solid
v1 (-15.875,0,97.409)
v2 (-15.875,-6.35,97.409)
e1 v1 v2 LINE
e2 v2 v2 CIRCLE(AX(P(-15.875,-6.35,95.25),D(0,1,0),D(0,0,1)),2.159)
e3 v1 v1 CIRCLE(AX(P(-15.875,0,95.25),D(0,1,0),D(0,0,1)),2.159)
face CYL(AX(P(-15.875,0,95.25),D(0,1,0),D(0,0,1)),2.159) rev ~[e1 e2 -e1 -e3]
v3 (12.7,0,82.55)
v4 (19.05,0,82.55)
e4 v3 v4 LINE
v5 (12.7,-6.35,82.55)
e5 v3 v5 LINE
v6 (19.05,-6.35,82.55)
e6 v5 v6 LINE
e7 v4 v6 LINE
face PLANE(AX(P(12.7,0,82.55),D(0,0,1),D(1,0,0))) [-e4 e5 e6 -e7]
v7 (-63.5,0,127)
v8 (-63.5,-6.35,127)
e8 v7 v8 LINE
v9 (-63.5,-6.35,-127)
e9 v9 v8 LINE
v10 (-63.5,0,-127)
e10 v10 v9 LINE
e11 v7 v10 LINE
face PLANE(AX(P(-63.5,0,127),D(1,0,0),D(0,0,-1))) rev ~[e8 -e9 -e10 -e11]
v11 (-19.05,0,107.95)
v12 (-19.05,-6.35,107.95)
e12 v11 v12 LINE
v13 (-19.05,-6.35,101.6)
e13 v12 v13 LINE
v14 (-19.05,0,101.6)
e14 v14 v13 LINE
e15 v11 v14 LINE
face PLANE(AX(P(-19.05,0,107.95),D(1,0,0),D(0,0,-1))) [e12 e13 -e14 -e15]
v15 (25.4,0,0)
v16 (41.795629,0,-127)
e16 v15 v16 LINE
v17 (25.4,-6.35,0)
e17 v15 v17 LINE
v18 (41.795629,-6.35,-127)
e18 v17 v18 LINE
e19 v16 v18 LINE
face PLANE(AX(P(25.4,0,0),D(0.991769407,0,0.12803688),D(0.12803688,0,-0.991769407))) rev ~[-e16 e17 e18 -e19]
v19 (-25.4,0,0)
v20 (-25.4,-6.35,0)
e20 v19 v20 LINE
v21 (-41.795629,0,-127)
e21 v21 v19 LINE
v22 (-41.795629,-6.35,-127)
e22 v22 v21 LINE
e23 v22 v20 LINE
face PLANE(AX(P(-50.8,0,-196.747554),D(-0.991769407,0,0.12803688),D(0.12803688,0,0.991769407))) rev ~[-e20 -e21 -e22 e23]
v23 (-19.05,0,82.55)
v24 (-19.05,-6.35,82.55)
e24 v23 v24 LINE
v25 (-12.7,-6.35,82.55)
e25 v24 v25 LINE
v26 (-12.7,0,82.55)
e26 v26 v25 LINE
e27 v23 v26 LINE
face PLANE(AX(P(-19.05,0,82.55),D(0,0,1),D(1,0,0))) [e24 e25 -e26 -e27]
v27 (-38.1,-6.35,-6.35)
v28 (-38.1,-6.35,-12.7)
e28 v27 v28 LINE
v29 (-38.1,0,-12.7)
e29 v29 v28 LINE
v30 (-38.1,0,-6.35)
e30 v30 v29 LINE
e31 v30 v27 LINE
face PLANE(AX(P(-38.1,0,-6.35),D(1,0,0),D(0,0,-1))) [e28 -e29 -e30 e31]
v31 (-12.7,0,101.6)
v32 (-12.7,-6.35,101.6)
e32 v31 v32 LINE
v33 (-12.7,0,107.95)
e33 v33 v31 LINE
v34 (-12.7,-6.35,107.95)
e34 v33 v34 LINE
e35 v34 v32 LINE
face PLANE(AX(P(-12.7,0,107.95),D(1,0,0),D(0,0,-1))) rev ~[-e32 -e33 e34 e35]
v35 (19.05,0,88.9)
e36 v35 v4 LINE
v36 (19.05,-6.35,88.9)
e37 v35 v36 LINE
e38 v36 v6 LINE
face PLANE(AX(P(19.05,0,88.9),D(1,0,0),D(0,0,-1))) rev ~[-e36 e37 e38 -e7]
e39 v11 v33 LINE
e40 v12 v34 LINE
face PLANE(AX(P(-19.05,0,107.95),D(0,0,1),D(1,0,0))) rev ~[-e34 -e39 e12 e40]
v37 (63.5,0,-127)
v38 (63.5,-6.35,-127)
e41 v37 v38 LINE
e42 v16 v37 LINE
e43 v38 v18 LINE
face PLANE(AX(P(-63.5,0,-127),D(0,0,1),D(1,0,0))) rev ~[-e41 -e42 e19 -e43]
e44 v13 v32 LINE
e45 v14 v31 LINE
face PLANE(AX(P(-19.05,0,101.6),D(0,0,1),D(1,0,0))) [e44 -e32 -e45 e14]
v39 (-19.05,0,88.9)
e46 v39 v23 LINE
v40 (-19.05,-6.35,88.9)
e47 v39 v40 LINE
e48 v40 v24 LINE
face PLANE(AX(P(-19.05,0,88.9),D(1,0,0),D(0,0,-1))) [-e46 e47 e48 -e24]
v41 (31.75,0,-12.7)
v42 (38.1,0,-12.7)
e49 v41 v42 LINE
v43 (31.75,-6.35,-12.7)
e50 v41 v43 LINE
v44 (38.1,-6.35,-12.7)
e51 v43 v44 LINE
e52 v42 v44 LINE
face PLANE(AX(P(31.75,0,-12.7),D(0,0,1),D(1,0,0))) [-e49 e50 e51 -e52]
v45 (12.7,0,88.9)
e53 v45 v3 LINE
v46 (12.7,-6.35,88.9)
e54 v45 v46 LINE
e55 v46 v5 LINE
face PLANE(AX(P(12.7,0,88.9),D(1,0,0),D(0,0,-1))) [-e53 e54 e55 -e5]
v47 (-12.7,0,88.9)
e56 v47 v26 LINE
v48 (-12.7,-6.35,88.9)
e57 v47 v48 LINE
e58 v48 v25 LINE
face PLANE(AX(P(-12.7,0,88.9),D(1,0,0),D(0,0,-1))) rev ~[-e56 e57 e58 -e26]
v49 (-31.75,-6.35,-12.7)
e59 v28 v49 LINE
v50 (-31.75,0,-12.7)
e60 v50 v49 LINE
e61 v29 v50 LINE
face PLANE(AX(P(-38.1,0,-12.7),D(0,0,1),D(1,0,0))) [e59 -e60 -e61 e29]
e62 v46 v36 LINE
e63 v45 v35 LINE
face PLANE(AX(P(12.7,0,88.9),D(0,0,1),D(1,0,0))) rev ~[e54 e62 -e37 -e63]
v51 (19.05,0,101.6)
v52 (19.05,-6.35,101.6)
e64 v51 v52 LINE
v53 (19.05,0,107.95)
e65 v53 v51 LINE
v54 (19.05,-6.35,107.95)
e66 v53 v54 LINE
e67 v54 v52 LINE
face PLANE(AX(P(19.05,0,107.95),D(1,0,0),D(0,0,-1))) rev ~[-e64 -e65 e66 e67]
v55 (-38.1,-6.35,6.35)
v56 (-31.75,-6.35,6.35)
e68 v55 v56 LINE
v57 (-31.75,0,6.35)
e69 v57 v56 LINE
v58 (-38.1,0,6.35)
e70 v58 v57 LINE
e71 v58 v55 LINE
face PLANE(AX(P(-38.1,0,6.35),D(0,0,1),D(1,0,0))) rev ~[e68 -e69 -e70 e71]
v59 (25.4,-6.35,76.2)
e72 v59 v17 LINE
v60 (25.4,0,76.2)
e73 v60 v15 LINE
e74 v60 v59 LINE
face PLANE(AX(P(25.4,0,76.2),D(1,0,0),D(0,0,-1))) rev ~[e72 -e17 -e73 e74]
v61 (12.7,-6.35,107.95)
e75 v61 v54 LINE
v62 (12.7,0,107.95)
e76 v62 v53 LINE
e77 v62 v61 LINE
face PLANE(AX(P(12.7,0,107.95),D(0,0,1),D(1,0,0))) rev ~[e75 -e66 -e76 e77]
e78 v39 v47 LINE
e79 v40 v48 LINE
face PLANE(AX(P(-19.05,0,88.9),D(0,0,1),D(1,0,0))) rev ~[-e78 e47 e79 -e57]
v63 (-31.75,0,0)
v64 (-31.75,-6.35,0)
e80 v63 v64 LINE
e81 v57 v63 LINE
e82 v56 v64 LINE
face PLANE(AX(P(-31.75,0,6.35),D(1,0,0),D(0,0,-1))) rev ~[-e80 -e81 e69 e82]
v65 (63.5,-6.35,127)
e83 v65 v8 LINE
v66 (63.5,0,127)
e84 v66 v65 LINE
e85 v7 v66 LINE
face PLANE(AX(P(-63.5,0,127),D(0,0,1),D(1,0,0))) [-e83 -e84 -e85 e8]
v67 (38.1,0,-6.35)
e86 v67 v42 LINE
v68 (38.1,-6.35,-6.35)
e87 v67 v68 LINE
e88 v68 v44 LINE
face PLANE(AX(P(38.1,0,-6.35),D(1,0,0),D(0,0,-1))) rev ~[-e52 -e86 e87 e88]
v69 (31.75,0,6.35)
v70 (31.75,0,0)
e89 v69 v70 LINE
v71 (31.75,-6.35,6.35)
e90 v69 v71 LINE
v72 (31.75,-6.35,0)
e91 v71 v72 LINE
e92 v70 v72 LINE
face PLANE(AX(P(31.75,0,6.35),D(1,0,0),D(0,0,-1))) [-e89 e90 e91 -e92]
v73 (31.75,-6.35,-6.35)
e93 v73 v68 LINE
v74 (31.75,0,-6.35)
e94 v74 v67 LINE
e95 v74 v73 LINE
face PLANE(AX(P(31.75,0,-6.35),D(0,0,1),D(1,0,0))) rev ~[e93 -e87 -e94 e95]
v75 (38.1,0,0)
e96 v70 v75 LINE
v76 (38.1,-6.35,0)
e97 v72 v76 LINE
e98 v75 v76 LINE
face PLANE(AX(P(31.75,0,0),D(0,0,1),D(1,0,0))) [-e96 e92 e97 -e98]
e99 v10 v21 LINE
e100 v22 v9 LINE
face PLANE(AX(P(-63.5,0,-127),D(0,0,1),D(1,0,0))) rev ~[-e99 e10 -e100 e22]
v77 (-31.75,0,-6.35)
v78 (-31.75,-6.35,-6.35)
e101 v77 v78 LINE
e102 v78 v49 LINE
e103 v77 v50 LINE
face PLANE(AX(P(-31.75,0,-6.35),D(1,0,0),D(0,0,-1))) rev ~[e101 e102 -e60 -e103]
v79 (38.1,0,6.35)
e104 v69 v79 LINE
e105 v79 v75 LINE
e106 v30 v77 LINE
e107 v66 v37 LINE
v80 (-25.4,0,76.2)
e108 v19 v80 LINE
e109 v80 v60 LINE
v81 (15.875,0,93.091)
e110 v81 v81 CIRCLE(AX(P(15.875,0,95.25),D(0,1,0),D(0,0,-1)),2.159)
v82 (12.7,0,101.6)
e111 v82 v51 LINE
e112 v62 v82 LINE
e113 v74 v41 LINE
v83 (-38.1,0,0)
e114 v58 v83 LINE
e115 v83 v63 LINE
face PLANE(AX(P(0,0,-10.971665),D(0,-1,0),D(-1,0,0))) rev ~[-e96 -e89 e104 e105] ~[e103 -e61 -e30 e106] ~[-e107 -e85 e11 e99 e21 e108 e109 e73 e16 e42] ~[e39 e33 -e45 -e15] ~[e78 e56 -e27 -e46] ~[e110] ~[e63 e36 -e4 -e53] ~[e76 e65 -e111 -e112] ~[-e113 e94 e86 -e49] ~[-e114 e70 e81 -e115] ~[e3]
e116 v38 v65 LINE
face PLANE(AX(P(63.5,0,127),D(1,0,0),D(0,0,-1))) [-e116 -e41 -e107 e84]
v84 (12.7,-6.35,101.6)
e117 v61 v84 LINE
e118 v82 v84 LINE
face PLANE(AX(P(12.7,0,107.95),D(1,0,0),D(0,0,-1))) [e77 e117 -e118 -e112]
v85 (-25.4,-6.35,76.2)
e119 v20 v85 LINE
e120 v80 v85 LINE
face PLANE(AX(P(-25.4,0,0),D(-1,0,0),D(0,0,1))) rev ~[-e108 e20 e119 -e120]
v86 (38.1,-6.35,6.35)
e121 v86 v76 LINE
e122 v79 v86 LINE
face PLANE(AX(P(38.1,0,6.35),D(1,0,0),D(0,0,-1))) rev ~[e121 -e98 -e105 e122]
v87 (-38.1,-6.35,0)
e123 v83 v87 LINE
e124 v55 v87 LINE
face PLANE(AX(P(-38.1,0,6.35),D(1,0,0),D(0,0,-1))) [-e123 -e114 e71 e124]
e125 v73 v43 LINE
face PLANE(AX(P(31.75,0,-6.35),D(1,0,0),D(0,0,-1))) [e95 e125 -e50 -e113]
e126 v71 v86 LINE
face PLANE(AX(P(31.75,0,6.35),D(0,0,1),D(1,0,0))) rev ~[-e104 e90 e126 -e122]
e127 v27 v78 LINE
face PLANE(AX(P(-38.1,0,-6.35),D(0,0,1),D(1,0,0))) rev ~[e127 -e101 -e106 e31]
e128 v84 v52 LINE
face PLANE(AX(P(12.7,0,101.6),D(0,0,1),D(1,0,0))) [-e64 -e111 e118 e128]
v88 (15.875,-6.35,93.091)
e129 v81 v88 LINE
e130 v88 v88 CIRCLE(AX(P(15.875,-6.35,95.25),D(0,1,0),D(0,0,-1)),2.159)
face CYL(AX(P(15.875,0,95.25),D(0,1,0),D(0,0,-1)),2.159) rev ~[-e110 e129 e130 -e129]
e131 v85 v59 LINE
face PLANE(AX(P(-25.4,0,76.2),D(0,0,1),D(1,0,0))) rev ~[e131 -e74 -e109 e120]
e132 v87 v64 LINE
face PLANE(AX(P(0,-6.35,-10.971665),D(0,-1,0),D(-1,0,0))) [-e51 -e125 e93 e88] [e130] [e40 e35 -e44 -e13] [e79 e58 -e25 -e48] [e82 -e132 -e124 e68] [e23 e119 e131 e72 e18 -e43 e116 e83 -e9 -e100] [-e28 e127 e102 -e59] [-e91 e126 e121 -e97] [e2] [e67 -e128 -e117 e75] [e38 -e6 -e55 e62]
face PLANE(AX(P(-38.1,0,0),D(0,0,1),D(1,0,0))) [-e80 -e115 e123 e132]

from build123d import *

# Parameters (mm, degrees)
BOTTOM_PLATE_R      = 2.159
BOTTOM_PLATE_R_2    = 2.794
BOTTOM_PLATE_W      = 25.4
BOTTOM_PLATE_H      = 101.6
BOTTOM_PLATE_W_2    = 6.35
BOTTOM_PLATE_H_2    = 6.35
BOSS_EXTRUDE1_DEPTH = 6.35
SKETCH1_W           = 508
SKETCH1_H           = 508
SKETCH1_W_2         = 127
SKETCH1_H_2         = 254
CUT_EXTRUDE2_DEPTH  = 25.4


with BuildPart() as part:
    # Bottom Plate → Boss-Extrude1 (new body)
    # profile 1 of 3: a face of its own
    with BuildSketch(Plane(origin=(0, 0, 0), x_dir=(1, 0, 0), z_dir=(0, 1, 0))):
        with BuildLine():
            Line((25.4, 0), (50.8, 196.747553987))
            ThreePointArc((50.8, 196.747553987), (0, -203.2), (-50.8, 196.747553987))
            Line((-50.8, 196.747553987), (-25.4, 0))
            Line((-25.4, 0), (-25.4, -76.2))
            Line((-25.4, -76.2), (25.4, -76.2))
            Line((25.4, -76.2), (25.4, 0))
        make_face()
        with Locations((155.026770144, 72.009)):
            Circle(BOTTOM_PLATE_R, mode=Mode.SUBTRACT)
        with Locations((155.026770144, -72.009)):
            Circle(BOTTOM_PLATE_R, mode=Mode.SUBTRACT)
        with Locations((57.243949466, 172.269543754)):
            Circle(BOTTOM_PLATE_R, mode=Mode.SUBTRACT)
        with Locations(Location((-15.875, -95.25, 0), (0, 0, 270))):
            Circle(BOTTOM_PLATE_R, mode=Mode.SUBTRACT)
        with Locations((27.813, -152.4)):
            Circle(BOTTOM_PLATE_R_2, mode=Mode.SUBTRACT)
        with Locations((-27.813, -152.4)):
            Circle(BOTTOM_PLATE_R_2, mode=Mode.SUBTRACT)
        with Locations(Location((15.875, -95.25, 0), (0, 0, 90))):
            Circle(BOTTOM_PLATE_R, mode=Mode.SUBTRACT)
        with Locations((-155.026770144, -72.009)):
            Circle(BOTTOM_PLATE_R, mode=Mode.SUBTRACT)
        with Locations((-155.026770144, 72.009)):
            Circle(BOTTOM_PLATE_R, mode=Mode.SUBTRACT)
        with Locations((-57.243949466, 172.269543754)):
            Circle(BOTTOM_PLATE_R, mode=Mode.SUBTRACT)
        with Locations((170.901770144, 0)):
            Rectangle(BOTTOM_PLATE_W, BOTTOM_PLATE_H, mode=Mode.SUBTRACT)
        with Locations((-34.925, 9.525)):
            Rectangle(BOTTOM_PLATE_W_2, BOTTOM_PLATE_H_2, mode=Mode.SUBTRACT)
        with Locations((34.925, -3.175)):
            Rectangle(BOTTOM_PLATE_W_2, BOTTOM_PLATE_H_2, mode=Mode.SUBTRACT)
        with Locations((34.925, 9.525)):
            Rectangle(BOTTOM_PLATE_W_2, BOTTOM_PLATE_H_2, mode=Mode.SUBTRACT)
        with Locations((155.026770144, -60.325)):
            Rectangle(BOTTOM_PLATE_W_2, BOTTOM_PLATE_H_2, mode=Mode.SUBTRACT)
        with Locations((155.026770144, 60.325)):
            Rectangle(BOTTOM_PLATE_W_2, BOTTOM_PLATE_H_2, mode=Mode.SUBTRACT)
        with Locations((-34.925, -3.175)):
            Rectangle(BOTTOM_PLATE_W_2, BOTTOM_PLATE_H_2, mode=Mode.SUBTRACT)
        with Locations((-15.875, -85.725)):
            Rectangle(BOTTOM_PLATE_W_2, BOTTOM_PLATE_H_2, mode=Mode.SUBTRACT)
        with Locations((-15.875, -104.775)):
            Rectangle(BOTTOM_PLATE_W_2, BOTTOM_PLATE_H_2, mode=Mode.SUBTRACT)
        with Locations((15.875, -104.775)):
            Rectangle(BOTTOM_PLATE_W_2, BOTTOM_PLATE_H_2, mode=Mode.SUBTRACT)
        with Locations((15.875, -85.725)):
            Rectangle(BOTTOM_PLATE_W_2, BOTTOM_PLATE_H_2, mode=Mode.SUBTRACT)
        with Locations((-170.901770144, 0)):
            Rectangle(BOTTOM_PLATE_W, BOTTOM_PLATE_H, mode=Mode.SUBTRACT)
        with Locations((-155.026770144, -60.325)):
            Rectangle(BOTTOM_PLATE_W_2, BOTTOM_PLATE_H_2, mode=Mode.SUBTRACT)
        with Locations((-155.026770144, 60.325)):
            Rectangle(BOTTOM_PLATE_W_2, BOTTOM_PLATE_H_2, mode=Mode.SUBTRACT)
    # profile 2 of 3: a face of its own
    with BuildSketch(Plane(origin=(0, 0, 0), x_dir=(1, 0, 0), z_dir=(0, 1, 0))):
        Polygon((55.672367921, 184.893668177), (61.970103658, 184.08063399), (62.783137846, 190.378369726), (56.485402109, 191.191403914), align=None)
    # profile 3 of 3: a face of its own
    with BuildSketch(Plane(origin=(0, 0, 0), x_dir=(1, 0, 0), z_dir=(0, 1, 0))):
        Polygon((-61.970103658, 184.08063399), (-62.783137846, 190.378369726), (-56.485402109, 191.191403914), (-55.672367921, 184.893668177), align=None)
    extrude(amount=-BOSS_EXTRUDE1_DEPTH)

    # Sketch1 → Cut-Extrude2 (cut)
    with BuildSketch(Plane(origin=(0, 0, 0), x_dir=(1, 0, 0), z_dir=(0, 1, 0))):
        Rectangle(SKETCH1_W, SKETCH1_H)
        Rectangle(SKETCH1_W_2, SKETCH1_H_2, mode=Mode.SUBTRACT)
    extrude(amount=-CUT_EXTRUDE2_DEPTH, mode=Mode.SUBTRACT)


solid = part.part
